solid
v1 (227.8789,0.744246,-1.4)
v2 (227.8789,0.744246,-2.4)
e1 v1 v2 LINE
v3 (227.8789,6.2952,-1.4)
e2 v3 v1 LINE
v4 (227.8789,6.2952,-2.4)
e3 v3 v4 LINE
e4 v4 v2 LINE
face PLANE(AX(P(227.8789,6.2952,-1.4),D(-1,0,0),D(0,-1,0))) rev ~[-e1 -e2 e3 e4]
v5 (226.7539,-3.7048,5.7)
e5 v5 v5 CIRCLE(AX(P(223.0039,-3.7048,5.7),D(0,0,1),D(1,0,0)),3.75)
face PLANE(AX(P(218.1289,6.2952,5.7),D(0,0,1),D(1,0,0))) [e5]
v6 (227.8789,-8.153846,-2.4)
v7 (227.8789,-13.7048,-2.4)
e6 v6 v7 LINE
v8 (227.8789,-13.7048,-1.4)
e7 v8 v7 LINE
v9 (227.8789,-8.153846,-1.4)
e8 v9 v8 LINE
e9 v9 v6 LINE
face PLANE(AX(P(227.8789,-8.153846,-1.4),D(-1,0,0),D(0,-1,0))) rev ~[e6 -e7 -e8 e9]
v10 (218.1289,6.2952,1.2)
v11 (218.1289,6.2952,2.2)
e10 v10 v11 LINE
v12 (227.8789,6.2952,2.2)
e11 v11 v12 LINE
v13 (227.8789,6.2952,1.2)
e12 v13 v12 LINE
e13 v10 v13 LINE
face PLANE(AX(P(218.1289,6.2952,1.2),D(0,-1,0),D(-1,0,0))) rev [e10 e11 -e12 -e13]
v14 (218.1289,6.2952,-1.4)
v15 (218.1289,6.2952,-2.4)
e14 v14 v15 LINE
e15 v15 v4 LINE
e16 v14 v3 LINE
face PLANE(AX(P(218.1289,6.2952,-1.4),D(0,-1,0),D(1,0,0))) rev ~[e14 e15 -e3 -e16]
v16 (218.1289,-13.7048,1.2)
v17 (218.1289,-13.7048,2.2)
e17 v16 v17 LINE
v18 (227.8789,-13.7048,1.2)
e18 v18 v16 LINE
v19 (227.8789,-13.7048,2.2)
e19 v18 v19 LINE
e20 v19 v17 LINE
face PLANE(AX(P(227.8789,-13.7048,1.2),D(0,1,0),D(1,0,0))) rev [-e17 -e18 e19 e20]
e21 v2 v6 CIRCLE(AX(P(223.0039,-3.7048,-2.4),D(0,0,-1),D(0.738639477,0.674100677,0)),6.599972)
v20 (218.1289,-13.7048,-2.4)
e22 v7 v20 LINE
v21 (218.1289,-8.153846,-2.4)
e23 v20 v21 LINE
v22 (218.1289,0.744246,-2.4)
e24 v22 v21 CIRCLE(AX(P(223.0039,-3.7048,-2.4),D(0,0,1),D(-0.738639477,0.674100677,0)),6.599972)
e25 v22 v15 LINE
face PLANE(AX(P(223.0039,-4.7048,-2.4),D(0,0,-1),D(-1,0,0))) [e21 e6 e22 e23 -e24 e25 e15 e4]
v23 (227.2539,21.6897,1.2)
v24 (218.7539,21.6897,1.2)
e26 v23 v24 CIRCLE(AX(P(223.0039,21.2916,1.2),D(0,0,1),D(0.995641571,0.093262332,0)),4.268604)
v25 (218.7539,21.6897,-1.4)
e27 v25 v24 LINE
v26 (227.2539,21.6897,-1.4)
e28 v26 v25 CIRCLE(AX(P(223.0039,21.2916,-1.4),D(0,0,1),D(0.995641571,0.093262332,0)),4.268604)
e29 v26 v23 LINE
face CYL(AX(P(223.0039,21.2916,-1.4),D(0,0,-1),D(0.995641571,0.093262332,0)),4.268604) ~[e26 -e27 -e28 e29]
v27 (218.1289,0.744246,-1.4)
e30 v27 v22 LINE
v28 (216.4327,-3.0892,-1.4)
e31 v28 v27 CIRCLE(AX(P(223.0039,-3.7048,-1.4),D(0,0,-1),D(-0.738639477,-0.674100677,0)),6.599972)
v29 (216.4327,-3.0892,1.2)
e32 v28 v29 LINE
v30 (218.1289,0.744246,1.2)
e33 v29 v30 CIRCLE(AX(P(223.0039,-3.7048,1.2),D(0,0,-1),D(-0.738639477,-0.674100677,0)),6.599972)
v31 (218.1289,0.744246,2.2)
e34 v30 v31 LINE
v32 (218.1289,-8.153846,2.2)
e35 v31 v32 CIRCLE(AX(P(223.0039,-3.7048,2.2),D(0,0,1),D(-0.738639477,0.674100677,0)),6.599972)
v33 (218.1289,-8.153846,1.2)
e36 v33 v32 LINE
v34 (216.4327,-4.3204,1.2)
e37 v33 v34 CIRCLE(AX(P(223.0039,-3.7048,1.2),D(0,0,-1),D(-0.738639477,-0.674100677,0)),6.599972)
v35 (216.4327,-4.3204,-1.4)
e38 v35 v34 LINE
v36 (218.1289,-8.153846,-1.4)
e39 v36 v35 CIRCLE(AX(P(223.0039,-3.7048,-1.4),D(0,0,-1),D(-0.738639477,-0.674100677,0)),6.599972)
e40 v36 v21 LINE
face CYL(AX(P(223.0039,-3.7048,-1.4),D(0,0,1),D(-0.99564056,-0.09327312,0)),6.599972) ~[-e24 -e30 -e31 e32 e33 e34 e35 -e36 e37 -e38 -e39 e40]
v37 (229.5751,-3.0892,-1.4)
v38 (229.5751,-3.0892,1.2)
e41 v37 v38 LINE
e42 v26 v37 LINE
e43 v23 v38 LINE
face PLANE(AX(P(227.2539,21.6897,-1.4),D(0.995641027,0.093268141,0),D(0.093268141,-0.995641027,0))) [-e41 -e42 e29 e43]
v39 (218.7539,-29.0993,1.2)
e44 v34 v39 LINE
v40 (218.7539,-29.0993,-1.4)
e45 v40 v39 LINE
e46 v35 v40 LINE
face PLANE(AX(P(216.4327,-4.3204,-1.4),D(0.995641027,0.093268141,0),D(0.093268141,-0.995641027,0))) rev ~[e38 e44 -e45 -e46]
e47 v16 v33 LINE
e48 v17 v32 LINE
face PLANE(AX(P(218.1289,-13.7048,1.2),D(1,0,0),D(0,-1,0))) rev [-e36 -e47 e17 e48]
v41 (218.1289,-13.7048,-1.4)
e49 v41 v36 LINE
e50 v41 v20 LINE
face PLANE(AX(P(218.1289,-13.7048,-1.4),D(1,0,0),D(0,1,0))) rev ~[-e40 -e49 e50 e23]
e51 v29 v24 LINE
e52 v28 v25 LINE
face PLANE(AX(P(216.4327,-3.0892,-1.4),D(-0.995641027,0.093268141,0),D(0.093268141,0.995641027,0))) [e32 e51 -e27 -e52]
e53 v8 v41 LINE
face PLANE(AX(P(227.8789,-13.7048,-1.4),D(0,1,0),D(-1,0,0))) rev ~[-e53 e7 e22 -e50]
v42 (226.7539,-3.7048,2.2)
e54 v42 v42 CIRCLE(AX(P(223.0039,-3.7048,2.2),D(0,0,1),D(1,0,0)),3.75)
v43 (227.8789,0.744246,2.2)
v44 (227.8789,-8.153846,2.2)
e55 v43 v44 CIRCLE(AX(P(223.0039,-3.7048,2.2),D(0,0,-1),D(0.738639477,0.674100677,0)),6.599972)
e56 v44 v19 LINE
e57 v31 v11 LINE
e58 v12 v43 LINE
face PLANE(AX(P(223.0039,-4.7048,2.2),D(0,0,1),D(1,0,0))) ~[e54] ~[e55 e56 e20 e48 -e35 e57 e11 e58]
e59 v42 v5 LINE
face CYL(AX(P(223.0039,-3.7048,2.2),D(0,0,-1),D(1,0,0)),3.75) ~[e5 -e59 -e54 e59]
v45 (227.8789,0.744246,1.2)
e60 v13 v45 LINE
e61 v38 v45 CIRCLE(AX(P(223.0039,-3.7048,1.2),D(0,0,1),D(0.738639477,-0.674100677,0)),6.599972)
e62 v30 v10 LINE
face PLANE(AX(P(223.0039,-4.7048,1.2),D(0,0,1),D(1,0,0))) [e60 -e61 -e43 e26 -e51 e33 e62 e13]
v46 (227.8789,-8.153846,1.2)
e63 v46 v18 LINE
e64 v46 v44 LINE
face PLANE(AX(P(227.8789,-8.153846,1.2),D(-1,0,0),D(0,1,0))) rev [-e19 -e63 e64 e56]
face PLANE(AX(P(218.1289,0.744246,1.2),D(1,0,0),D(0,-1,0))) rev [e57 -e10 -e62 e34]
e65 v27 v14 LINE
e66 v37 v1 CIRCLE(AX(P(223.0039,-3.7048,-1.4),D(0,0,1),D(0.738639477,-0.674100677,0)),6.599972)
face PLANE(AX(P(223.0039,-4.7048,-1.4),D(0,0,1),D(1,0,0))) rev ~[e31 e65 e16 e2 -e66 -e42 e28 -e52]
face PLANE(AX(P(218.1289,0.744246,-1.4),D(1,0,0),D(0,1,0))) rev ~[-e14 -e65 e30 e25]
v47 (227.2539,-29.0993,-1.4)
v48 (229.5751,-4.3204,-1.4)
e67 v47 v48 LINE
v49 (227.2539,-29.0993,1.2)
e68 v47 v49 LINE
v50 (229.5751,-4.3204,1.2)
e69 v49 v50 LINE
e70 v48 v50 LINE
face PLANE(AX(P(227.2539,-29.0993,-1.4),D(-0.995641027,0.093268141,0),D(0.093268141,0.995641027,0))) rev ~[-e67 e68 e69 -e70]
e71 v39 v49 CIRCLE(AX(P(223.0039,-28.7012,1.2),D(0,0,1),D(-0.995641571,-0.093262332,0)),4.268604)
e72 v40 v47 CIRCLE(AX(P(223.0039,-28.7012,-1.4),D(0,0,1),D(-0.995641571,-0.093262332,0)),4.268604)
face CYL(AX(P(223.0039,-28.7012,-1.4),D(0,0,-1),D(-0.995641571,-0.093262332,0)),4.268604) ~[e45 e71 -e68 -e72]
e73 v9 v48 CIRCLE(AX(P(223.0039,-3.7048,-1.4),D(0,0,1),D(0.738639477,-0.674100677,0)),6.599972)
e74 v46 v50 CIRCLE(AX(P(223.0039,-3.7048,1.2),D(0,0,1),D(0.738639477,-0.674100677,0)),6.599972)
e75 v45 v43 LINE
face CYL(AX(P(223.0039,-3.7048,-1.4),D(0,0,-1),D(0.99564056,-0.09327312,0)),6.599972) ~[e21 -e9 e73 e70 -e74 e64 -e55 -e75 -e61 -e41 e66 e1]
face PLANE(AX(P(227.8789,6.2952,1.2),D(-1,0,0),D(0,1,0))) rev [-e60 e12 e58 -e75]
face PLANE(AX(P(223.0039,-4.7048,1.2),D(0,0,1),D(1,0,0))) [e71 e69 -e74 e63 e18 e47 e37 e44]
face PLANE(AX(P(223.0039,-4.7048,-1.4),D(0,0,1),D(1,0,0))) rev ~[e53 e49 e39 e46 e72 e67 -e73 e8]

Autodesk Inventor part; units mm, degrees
ref_plane "YZ Plane" through (0, 0, 0) normal (1, 0, 0) x (0, 1, 0)
ref_plane "XZ Plane" through (0, 0, 0) normal (0, 1, 0) x (-1, 0, 0)
ref_plane "XY Plane" through (0, 0, 0) normal (0, 0, 1) x (1, 0, 0)
ref_plane "Work Plane1" through (223.0039, -4.7048, -1.4) normal (0, 0, 1) x (1, 0, 0)
sketch "Sketch1" plane through (223.0039, -4.7048, -1.4) normal (0, 0, 1) x (1, 0, 0)
  arc A0 (6.5712, 0.3844) -> (6.5712, 1.6156) centre (0, 1) ccw
  line L0 (-6.5712, 0.3844) -> (-4.25, -24.3945)
  arc A1 (-4.25, -24.3945) -> (4.25, -24.3945) centre (0, -23.9964) ccw
  line L1 (4.25, -24.3945) -> (6.5712, 0.3844)
  line L2 (0, 1) -> (-6.6, 1) construction
  line L3 (-6.5712, 1.6156) -> (-4.25, 26.3945)
  arc A2 (4.25, 26.3945) -> (-4.25, 26.3945) centre (0, 25.9964) ccw
  line L4 (4.25, 26.3945) -> (6.5712, 1.6156)
  arc A3 (-6.5712, 0.3844) -> (6.5712, 0.3844) centre (0, 1) ccw construction
  arc A4 (-6.5712, 1.6156) -> (-6.5712, 0.3844) centre (0, 1) ccw
  arc A5 (6.5712, 1.6156) -> (-6.5712, 1.6156) centre (0, 1) ccw construction
  circle A6 centre (0, 1) radius 2.5 construction
  point P0 (-223.0039, 4.7048)
  point P1 (0, -28.265)
  dimension "d0" = 13.2
  dimension "d1" = 8.5
  dimension "d2" = 30
extrude "Extrusion1" add sketch "Sketch1" along normal blind 2.6
sketch "Sketch2" plane through (223.0039, -4.7048, -1.4) normal (0, 0, -1) x (-1, 0, 0)
  arc A0 (6.5712, 1.6156) -> (-6.5712, 1.6156) centre (0, 1) ccw projected
  arc A1 (-6.5712, 1.6156) -> (-6.5712, 0.3844) centre (0, 1) ccw projected
  arc A2 (-6.5712, 0.3844) -> (6.5712, 0.3844) centre (0, 1) ccw projected
  arc A3 (6.5712, 0.3844) -> (6.5712, 1.6156) centre (0, 1) ccw projected
  line L0 (-4.875, -9) -> (4.875, -9)
  line L1 (4.875, -9) -> (4.875, 11)
  line L2 (4.875, 11) -> (-4.875, 11)
  line L3 (-4.875, 11) -> (-4.875, -9)
  line L4 (-4.875, -9) -> (4.875, 11) construction
  point P0 (4.875, 5.4491)
  point P1 (4.875, -3.4491)
  point P2 (-4.875, -3.4491)
  point P3 (-4.875, 5.4491)
  dimension "d5" = 9.75
  dimension "d6" = 20
extrude "Extrusion2" add sketch "Sketch2" along normal blind 1
ref_plane "Work Plane2" through (223.0039, -4.7048, -0.1) normal (0, 0, 1) x (1, 0, 0)
mirror "Mirror1" about plane through (223.0039, -4.7048, -0.1) normal (0, 0, 1) of "Extrusion2"
sketch "Sketch3" plane through (218.1289, 6.2952, 2.2) normal (0, 0, 1) x (1, 0, 0)
  arc A0 (0, -5.5509) -> (0, -14.4491) centre (4.875, -10) ccw projected
  arc A1 (0, -5.5509) -> (0, -14.4491) centre (4.875, -10) ccw projected
  circle A2 centre (4.875, -10) radius 3.75
  point P0 (-218.1289, -6.2952)
  point P1 (0, -16.5009)
  point P2 (9.75, -16.5009)
  point P3 (9.75, -14.4491)
  point P4 (9.75, -14.4491)
  point P5 (9.75, 1.9491)
  point P6 (9.75, -5.5509)
  dimension "d9" = 7.5
extrude "Extrusion3" add sketch "Sketch3" along normal blind 3.5
properties part number "Servo Horn"
